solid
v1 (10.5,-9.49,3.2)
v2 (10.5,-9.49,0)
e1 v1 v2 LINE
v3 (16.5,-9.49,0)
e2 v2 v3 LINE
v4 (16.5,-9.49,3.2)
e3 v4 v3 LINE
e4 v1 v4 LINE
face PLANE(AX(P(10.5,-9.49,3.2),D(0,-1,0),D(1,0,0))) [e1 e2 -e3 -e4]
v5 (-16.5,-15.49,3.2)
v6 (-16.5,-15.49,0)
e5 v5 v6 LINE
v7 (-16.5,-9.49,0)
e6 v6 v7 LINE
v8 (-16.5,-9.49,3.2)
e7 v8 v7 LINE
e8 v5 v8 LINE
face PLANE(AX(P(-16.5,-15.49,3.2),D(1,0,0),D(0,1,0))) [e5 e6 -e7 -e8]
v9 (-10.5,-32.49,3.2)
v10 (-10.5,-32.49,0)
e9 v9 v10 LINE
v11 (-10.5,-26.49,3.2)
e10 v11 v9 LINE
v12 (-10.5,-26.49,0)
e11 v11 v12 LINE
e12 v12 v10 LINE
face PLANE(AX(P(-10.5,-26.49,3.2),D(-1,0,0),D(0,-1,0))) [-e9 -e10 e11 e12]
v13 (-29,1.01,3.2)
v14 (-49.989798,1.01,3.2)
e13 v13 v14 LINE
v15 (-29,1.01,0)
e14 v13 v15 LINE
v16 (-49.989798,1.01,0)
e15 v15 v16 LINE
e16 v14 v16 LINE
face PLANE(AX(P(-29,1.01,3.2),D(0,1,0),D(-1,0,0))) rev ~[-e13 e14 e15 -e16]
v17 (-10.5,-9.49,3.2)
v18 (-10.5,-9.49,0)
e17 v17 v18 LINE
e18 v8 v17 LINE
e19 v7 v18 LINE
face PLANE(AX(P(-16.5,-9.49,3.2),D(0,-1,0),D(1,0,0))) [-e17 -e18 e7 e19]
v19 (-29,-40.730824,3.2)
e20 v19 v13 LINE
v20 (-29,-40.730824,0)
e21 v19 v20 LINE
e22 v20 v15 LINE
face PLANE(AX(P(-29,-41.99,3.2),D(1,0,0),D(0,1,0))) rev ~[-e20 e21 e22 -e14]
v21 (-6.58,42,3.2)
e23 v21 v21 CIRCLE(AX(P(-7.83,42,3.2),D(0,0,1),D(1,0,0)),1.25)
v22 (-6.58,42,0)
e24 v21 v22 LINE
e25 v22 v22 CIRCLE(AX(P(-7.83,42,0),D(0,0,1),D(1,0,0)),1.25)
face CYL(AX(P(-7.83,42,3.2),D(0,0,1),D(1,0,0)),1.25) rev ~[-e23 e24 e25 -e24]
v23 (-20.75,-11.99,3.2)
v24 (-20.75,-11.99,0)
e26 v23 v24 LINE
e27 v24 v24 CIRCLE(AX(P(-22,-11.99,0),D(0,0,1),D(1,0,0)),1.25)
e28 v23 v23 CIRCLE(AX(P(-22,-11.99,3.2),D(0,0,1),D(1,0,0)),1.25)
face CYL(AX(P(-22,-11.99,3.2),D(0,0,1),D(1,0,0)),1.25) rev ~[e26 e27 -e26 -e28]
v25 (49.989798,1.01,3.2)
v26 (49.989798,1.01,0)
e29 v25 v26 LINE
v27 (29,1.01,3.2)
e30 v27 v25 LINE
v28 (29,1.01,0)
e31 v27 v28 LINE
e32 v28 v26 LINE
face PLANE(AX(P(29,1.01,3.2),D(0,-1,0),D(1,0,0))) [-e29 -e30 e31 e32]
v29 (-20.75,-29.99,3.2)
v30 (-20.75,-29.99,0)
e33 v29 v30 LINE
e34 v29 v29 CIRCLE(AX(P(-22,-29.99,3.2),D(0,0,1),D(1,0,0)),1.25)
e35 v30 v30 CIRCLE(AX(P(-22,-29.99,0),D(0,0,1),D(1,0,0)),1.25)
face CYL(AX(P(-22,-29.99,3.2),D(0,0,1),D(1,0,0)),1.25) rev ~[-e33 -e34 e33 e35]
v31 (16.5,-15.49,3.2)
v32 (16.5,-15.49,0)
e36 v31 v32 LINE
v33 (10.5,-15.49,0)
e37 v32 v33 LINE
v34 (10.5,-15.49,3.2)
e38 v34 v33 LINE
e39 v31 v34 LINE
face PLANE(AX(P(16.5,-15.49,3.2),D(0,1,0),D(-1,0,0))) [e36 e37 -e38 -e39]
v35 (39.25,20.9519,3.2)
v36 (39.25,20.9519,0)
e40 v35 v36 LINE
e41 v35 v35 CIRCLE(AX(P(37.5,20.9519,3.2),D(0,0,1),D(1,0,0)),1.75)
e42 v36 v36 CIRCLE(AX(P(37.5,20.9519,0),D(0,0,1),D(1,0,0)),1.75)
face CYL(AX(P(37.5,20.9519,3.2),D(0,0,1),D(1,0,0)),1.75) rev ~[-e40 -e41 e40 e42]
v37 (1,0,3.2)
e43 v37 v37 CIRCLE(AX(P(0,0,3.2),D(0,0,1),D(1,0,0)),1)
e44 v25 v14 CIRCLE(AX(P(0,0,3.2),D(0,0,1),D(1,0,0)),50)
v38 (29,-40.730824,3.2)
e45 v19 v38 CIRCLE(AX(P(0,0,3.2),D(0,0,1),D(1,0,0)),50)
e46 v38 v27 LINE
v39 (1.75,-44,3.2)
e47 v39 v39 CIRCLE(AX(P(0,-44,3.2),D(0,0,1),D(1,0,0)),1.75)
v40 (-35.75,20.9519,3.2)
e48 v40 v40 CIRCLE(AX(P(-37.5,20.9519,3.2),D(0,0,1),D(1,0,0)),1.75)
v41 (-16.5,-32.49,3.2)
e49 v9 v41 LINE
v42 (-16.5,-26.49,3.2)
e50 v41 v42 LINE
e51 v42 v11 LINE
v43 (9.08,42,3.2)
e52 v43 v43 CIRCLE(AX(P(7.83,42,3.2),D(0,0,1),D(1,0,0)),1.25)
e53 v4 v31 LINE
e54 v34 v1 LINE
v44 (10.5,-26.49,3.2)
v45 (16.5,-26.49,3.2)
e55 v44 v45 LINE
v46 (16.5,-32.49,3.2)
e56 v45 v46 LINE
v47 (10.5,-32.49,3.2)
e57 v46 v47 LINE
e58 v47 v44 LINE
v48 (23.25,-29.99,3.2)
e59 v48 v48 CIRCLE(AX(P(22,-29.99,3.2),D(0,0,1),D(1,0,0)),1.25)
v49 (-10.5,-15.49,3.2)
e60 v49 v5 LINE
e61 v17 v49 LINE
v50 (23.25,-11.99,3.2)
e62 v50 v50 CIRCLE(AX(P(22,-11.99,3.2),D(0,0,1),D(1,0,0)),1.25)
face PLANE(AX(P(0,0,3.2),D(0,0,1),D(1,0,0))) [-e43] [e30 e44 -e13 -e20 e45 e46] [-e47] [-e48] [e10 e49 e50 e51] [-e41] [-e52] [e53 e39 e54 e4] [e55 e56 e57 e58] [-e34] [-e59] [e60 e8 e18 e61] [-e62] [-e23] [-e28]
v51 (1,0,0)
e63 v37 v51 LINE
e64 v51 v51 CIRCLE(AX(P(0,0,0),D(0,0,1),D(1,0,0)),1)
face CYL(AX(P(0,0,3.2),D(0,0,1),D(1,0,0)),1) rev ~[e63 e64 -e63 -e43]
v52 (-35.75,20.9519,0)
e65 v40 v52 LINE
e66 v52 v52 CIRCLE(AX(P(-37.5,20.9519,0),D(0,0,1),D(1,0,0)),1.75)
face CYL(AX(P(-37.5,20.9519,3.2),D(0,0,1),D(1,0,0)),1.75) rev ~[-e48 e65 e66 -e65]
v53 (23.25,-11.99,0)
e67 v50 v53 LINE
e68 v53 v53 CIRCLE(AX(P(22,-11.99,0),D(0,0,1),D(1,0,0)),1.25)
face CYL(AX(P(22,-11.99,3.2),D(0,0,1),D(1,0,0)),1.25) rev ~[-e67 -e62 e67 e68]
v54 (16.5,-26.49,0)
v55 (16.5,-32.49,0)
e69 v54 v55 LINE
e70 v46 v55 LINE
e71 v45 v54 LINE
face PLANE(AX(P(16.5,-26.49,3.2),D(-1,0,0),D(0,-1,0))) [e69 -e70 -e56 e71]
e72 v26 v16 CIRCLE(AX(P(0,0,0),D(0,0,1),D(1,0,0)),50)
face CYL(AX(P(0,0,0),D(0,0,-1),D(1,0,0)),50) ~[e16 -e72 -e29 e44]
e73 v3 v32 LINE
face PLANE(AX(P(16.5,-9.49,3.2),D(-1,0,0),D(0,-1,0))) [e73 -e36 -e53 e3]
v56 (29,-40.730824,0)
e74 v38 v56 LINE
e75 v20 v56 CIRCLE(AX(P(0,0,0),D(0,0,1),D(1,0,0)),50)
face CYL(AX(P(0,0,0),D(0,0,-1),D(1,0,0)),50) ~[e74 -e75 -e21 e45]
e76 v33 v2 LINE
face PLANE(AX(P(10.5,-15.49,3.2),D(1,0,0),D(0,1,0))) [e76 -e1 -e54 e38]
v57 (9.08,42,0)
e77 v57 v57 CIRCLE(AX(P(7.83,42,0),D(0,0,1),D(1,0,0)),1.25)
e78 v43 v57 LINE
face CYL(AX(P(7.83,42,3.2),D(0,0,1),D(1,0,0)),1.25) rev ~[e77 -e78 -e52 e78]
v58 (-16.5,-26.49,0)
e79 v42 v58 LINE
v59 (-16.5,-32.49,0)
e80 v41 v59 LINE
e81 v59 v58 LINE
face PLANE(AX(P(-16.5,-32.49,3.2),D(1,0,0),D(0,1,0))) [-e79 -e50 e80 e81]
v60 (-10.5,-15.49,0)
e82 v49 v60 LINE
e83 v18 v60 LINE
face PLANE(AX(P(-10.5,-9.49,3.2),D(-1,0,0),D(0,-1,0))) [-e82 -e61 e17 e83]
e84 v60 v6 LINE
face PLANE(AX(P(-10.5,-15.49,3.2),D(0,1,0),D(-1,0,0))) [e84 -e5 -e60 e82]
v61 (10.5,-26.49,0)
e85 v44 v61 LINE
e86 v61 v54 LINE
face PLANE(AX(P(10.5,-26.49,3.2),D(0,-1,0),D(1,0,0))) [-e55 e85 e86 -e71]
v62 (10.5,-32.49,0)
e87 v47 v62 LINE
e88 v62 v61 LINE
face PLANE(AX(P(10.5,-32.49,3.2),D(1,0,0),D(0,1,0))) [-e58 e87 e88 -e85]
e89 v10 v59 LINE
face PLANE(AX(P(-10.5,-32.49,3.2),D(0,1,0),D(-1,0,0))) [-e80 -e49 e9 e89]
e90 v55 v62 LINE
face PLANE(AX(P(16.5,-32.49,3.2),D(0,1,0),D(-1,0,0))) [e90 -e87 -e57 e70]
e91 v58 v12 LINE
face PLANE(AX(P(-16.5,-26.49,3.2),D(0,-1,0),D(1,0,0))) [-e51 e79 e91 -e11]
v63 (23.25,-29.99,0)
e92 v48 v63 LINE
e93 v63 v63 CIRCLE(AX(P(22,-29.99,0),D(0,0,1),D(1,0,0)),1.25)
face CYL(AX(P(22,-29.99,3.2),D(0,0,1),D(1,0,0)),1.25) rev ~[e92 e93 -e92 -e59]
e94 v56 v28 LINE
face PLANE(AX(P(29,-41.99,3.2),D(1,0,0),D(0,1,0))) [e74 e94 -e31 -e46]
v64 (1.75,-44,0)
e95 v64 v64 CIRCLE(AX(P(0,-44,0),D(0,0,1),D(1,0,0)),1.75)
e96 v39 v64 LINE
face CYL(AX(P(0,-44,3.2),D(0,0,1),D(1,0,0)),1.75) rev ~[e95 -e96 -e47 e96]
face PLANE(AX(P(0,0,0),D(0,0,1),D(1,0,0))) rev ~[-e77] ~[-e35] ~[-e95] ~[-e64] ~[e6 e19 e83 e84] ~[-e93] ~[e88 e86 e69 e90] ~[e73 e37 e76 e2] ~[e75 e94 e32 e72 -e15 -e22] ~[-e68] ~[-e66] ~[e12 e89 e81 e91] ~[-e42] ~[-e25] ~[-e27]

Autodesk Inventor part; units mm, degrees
ref_plane "YZ Plane" through (0, 0, 0) normal (1, 0, 0) x (0, 1, 0)
ref_plane "XZ Plane" through (0, 0, 0) normal (0, 1, 0) x (-1, 0, 0)
ref_plane "XY Plane" through (0, 0, 0) normal (0, 0, 1) x (1, 0, 0)
sketch "Boceto1" plane through (0, 0, 0) normal (0, 0, 1) x (1, 0, 0)
  circle A0 centre (0, 0) radius 50
  dimension "d0" = 100
extrude "Extrusión1" add sketch "Boceto1" along normal blind 3.2
sketch "Boceto2" plane through (0, 0, 3.2) normal (0, 0, 1) x (1, 0, 0)
  circle A0 centre (-22, -11.99) radius 1.25
  circle A1 centre (-22, -29.99) radius 1.25
  circle A2 centre (22, -29.99) radius 1.25
  circle A3 centre (22, -11.99) radius 1.25
  line L0 (-29, 1.01) -> (-59, 1.01)
  line L1 (-59, 1.01) -> (-59, -41.99)
  line L2 (-59, -41.99) -> (-29, -41.99)
  line L3 (-29, -41.99) -> (-29, 1.01)
  line L4 (29, 1.01) -> (59, 1.01)
  line L5 (59, 1.01) -> (59, -41.99)
  line L6 (59, -41.99) -> (29, -41.99)
  line L7 (29, -41.99) -> (29, 1.01)
  circle A4 centre (0, 0) radius 4.16 construction
  line L8 (-4.16, 4.16) -> (4.16, 4.16) construction
  line L9 (4.16, 4.16) -> (4.16, -11.99) construction
  line L10 (4.16, -11.99) -> (-4.16, -11.99) construction
  line L11 (-4.16, -11.99) -> (-4.16, 4.16) construction
  dimension "d3" = 2.5
  dimension "d4" = 44
  dimension "d5" = 22
  dimension "d6" = 18
  dimension "d7" = 43
  dimension "d8" = 30
  dimension "d9" = 12
  dimension "d10" = 7
  dimension "d11" = 7
  dimension "d12" = 8.32
  dimension "d13" = 16.15
extrude "Extrusión2" cut sketch "Boceto2" against normal through all
sketch "Boceto3" plane through (0, 0, 3.2) normal (0, 0, 1) x (1, 0, 0)
  circle A0 centre (-7.83, 42) radius 1.25
  circle A1 centre (7.83, 42) radius 1.25
  arc A2 (49.9898, 1.01) -> (-49.9898, 1.01) centre (0, 0) ccw projected
  dimension "d16" = 15.66
  dimension "d17" = 2.5
  dimension "d18" = 7.83
  dimension "d19" = 42
extrude "Extrusión3" cut sketch "Boceto3" against normal through all
sketch "Boceto4" plane through (0, 0, 3.2) normal (0, 0, 1) x (1, 0, 0)
  line L0 (-16.5, -9.49) -> (-10.5, -9.49)
  line L1 (-10.5, -9.49) -> (-10.5, -15.49)
  line L2 (-10.5, -15.49) -> (-16.5, -15.49)
  line L3 (-16.5, -15.49) -> (-16.5, -9.49)
  line L4 (10.5, -9.49) -> (16.5, -9.49)
  line L5 (16.5, -9.49) -> (16.5, -15.49)
  line L6 (16.5, -15.49) -> (10.5, -15.49)
  line L7 (10.5, -15.49) -> (10.5, -9.49)
  circle A0 centre (-22, -11.99) radius 1.25 projected
  circle A1 centre (22, -11.99) radius 1.25 projected
  line L8 (-16.5, -26.49) -> (-10.5, -26.49)
  line L9 (-10.5, -26.49) -> (-10.5, -32.49)
  line L10 (-10.5, -32.49) -> (-16.5, -32.49)
  line L11 (-16.5, -32.49) -> (-16.5, -26.49)
  line L12 (10.5, -26.49) -> (16.5, -26.49)
  line L13 (16.5, -26.49) -> (16.5, -32.49)
  line L14 (16.5, -32.49) -> (10.5, -32.49)
  line L15 (10.5, -32.49) -> (10.5, -26.49)
  circle A2 centre (-22, -29.99) radius 1.25 projected
  point P0 (0, 0)
  dimension "d22" = 6
  dimension "d23" = 5.5
  dimension "d24" = 5.5
  dimension "d25" = 2.5
  dimension "d26" = 6
  dimension "d27" = 6
  dimension "d28" = 6
  dimension "d32" = 2.5
extrude "Extrusión4" cut sketch "Boceto4" against normal through all contours L0 L1 L2 L3 | L4 L5 L6 L7 | L8 L9 L10 L11 | L12 L13 L14 L15
sketch "Boceto5" plane through (0, 0, 3.2) normal (0, 0, 1) x (1, 0, 0)
  circle A0 centre (0, -44) radius 1.75
  arc A1 (49.9898, 1.01) -> (-49.9898, 1.01) centre (0, 0) ccw projected
  circle A2 centre (-37.5, 20.9519) radius 1.75
  circle A3 centre (37.5, 20.9519) radius 1.75
  point P0 (-27.1448, -41.99)
  point P1 (27.1448, -41.99)
  dimension "d33" = 3.5
  dimension "d34" = 44
  dimension "d35" = 37.5
  dimension "d36" = 37.5
  dimension "d37" = 75
extrude "Extrusión5" cut sketch "Boceto5" against normal through all
sketch "Boceto6" plane through (0, 0, 3.2) normal (0, 0, 1) x (1, 0, 0)
  circle A0 centre (0, 0) radius 1
  dimension "d41" = 2
extrude "Extrusión6" cut sketch "Boceto6" against normal through all
sketch "Boceto7" plane through (0, 0, 3.2) normal (0, 0, 1) x (1, 0, 0)
  circle A0 centre (0, 0) radius 1 projected
  line L0 (0, 0) -> (-40, -20.99)
  line L1 (-16.5, -26.49) -> (-10.5, -26.49) projected
  line L2 (-10.5, -15.49) -> (-16.5, -15.49) projected
  line L3 (-29, 1.01) -> (-29, -40.7308) projected
  line L4 (0, 0) -> (40, -20.99)
  line L5 (29, -40.7308) -> (29, 1.01) projected
  line L6 (0, 0) -> (0, -20.99)
  dimension "d44" = 11
  dimension "d45" = 5.5
  dimension "d46" = 11
  dimension "d47" = 45.1728
  dimension "d48" = 11
  dimension "d49" = 45.1728
  dimension "d50" = 80
  dimension "d51" = 20.99
equation "\"d5\" = 0.5 * d4"
equation "\"d18\" = 0.5 * d16"
equation "\"d36\" = d35"
equation "\"d37\" = 2 * d35"
properties part number "Base"
